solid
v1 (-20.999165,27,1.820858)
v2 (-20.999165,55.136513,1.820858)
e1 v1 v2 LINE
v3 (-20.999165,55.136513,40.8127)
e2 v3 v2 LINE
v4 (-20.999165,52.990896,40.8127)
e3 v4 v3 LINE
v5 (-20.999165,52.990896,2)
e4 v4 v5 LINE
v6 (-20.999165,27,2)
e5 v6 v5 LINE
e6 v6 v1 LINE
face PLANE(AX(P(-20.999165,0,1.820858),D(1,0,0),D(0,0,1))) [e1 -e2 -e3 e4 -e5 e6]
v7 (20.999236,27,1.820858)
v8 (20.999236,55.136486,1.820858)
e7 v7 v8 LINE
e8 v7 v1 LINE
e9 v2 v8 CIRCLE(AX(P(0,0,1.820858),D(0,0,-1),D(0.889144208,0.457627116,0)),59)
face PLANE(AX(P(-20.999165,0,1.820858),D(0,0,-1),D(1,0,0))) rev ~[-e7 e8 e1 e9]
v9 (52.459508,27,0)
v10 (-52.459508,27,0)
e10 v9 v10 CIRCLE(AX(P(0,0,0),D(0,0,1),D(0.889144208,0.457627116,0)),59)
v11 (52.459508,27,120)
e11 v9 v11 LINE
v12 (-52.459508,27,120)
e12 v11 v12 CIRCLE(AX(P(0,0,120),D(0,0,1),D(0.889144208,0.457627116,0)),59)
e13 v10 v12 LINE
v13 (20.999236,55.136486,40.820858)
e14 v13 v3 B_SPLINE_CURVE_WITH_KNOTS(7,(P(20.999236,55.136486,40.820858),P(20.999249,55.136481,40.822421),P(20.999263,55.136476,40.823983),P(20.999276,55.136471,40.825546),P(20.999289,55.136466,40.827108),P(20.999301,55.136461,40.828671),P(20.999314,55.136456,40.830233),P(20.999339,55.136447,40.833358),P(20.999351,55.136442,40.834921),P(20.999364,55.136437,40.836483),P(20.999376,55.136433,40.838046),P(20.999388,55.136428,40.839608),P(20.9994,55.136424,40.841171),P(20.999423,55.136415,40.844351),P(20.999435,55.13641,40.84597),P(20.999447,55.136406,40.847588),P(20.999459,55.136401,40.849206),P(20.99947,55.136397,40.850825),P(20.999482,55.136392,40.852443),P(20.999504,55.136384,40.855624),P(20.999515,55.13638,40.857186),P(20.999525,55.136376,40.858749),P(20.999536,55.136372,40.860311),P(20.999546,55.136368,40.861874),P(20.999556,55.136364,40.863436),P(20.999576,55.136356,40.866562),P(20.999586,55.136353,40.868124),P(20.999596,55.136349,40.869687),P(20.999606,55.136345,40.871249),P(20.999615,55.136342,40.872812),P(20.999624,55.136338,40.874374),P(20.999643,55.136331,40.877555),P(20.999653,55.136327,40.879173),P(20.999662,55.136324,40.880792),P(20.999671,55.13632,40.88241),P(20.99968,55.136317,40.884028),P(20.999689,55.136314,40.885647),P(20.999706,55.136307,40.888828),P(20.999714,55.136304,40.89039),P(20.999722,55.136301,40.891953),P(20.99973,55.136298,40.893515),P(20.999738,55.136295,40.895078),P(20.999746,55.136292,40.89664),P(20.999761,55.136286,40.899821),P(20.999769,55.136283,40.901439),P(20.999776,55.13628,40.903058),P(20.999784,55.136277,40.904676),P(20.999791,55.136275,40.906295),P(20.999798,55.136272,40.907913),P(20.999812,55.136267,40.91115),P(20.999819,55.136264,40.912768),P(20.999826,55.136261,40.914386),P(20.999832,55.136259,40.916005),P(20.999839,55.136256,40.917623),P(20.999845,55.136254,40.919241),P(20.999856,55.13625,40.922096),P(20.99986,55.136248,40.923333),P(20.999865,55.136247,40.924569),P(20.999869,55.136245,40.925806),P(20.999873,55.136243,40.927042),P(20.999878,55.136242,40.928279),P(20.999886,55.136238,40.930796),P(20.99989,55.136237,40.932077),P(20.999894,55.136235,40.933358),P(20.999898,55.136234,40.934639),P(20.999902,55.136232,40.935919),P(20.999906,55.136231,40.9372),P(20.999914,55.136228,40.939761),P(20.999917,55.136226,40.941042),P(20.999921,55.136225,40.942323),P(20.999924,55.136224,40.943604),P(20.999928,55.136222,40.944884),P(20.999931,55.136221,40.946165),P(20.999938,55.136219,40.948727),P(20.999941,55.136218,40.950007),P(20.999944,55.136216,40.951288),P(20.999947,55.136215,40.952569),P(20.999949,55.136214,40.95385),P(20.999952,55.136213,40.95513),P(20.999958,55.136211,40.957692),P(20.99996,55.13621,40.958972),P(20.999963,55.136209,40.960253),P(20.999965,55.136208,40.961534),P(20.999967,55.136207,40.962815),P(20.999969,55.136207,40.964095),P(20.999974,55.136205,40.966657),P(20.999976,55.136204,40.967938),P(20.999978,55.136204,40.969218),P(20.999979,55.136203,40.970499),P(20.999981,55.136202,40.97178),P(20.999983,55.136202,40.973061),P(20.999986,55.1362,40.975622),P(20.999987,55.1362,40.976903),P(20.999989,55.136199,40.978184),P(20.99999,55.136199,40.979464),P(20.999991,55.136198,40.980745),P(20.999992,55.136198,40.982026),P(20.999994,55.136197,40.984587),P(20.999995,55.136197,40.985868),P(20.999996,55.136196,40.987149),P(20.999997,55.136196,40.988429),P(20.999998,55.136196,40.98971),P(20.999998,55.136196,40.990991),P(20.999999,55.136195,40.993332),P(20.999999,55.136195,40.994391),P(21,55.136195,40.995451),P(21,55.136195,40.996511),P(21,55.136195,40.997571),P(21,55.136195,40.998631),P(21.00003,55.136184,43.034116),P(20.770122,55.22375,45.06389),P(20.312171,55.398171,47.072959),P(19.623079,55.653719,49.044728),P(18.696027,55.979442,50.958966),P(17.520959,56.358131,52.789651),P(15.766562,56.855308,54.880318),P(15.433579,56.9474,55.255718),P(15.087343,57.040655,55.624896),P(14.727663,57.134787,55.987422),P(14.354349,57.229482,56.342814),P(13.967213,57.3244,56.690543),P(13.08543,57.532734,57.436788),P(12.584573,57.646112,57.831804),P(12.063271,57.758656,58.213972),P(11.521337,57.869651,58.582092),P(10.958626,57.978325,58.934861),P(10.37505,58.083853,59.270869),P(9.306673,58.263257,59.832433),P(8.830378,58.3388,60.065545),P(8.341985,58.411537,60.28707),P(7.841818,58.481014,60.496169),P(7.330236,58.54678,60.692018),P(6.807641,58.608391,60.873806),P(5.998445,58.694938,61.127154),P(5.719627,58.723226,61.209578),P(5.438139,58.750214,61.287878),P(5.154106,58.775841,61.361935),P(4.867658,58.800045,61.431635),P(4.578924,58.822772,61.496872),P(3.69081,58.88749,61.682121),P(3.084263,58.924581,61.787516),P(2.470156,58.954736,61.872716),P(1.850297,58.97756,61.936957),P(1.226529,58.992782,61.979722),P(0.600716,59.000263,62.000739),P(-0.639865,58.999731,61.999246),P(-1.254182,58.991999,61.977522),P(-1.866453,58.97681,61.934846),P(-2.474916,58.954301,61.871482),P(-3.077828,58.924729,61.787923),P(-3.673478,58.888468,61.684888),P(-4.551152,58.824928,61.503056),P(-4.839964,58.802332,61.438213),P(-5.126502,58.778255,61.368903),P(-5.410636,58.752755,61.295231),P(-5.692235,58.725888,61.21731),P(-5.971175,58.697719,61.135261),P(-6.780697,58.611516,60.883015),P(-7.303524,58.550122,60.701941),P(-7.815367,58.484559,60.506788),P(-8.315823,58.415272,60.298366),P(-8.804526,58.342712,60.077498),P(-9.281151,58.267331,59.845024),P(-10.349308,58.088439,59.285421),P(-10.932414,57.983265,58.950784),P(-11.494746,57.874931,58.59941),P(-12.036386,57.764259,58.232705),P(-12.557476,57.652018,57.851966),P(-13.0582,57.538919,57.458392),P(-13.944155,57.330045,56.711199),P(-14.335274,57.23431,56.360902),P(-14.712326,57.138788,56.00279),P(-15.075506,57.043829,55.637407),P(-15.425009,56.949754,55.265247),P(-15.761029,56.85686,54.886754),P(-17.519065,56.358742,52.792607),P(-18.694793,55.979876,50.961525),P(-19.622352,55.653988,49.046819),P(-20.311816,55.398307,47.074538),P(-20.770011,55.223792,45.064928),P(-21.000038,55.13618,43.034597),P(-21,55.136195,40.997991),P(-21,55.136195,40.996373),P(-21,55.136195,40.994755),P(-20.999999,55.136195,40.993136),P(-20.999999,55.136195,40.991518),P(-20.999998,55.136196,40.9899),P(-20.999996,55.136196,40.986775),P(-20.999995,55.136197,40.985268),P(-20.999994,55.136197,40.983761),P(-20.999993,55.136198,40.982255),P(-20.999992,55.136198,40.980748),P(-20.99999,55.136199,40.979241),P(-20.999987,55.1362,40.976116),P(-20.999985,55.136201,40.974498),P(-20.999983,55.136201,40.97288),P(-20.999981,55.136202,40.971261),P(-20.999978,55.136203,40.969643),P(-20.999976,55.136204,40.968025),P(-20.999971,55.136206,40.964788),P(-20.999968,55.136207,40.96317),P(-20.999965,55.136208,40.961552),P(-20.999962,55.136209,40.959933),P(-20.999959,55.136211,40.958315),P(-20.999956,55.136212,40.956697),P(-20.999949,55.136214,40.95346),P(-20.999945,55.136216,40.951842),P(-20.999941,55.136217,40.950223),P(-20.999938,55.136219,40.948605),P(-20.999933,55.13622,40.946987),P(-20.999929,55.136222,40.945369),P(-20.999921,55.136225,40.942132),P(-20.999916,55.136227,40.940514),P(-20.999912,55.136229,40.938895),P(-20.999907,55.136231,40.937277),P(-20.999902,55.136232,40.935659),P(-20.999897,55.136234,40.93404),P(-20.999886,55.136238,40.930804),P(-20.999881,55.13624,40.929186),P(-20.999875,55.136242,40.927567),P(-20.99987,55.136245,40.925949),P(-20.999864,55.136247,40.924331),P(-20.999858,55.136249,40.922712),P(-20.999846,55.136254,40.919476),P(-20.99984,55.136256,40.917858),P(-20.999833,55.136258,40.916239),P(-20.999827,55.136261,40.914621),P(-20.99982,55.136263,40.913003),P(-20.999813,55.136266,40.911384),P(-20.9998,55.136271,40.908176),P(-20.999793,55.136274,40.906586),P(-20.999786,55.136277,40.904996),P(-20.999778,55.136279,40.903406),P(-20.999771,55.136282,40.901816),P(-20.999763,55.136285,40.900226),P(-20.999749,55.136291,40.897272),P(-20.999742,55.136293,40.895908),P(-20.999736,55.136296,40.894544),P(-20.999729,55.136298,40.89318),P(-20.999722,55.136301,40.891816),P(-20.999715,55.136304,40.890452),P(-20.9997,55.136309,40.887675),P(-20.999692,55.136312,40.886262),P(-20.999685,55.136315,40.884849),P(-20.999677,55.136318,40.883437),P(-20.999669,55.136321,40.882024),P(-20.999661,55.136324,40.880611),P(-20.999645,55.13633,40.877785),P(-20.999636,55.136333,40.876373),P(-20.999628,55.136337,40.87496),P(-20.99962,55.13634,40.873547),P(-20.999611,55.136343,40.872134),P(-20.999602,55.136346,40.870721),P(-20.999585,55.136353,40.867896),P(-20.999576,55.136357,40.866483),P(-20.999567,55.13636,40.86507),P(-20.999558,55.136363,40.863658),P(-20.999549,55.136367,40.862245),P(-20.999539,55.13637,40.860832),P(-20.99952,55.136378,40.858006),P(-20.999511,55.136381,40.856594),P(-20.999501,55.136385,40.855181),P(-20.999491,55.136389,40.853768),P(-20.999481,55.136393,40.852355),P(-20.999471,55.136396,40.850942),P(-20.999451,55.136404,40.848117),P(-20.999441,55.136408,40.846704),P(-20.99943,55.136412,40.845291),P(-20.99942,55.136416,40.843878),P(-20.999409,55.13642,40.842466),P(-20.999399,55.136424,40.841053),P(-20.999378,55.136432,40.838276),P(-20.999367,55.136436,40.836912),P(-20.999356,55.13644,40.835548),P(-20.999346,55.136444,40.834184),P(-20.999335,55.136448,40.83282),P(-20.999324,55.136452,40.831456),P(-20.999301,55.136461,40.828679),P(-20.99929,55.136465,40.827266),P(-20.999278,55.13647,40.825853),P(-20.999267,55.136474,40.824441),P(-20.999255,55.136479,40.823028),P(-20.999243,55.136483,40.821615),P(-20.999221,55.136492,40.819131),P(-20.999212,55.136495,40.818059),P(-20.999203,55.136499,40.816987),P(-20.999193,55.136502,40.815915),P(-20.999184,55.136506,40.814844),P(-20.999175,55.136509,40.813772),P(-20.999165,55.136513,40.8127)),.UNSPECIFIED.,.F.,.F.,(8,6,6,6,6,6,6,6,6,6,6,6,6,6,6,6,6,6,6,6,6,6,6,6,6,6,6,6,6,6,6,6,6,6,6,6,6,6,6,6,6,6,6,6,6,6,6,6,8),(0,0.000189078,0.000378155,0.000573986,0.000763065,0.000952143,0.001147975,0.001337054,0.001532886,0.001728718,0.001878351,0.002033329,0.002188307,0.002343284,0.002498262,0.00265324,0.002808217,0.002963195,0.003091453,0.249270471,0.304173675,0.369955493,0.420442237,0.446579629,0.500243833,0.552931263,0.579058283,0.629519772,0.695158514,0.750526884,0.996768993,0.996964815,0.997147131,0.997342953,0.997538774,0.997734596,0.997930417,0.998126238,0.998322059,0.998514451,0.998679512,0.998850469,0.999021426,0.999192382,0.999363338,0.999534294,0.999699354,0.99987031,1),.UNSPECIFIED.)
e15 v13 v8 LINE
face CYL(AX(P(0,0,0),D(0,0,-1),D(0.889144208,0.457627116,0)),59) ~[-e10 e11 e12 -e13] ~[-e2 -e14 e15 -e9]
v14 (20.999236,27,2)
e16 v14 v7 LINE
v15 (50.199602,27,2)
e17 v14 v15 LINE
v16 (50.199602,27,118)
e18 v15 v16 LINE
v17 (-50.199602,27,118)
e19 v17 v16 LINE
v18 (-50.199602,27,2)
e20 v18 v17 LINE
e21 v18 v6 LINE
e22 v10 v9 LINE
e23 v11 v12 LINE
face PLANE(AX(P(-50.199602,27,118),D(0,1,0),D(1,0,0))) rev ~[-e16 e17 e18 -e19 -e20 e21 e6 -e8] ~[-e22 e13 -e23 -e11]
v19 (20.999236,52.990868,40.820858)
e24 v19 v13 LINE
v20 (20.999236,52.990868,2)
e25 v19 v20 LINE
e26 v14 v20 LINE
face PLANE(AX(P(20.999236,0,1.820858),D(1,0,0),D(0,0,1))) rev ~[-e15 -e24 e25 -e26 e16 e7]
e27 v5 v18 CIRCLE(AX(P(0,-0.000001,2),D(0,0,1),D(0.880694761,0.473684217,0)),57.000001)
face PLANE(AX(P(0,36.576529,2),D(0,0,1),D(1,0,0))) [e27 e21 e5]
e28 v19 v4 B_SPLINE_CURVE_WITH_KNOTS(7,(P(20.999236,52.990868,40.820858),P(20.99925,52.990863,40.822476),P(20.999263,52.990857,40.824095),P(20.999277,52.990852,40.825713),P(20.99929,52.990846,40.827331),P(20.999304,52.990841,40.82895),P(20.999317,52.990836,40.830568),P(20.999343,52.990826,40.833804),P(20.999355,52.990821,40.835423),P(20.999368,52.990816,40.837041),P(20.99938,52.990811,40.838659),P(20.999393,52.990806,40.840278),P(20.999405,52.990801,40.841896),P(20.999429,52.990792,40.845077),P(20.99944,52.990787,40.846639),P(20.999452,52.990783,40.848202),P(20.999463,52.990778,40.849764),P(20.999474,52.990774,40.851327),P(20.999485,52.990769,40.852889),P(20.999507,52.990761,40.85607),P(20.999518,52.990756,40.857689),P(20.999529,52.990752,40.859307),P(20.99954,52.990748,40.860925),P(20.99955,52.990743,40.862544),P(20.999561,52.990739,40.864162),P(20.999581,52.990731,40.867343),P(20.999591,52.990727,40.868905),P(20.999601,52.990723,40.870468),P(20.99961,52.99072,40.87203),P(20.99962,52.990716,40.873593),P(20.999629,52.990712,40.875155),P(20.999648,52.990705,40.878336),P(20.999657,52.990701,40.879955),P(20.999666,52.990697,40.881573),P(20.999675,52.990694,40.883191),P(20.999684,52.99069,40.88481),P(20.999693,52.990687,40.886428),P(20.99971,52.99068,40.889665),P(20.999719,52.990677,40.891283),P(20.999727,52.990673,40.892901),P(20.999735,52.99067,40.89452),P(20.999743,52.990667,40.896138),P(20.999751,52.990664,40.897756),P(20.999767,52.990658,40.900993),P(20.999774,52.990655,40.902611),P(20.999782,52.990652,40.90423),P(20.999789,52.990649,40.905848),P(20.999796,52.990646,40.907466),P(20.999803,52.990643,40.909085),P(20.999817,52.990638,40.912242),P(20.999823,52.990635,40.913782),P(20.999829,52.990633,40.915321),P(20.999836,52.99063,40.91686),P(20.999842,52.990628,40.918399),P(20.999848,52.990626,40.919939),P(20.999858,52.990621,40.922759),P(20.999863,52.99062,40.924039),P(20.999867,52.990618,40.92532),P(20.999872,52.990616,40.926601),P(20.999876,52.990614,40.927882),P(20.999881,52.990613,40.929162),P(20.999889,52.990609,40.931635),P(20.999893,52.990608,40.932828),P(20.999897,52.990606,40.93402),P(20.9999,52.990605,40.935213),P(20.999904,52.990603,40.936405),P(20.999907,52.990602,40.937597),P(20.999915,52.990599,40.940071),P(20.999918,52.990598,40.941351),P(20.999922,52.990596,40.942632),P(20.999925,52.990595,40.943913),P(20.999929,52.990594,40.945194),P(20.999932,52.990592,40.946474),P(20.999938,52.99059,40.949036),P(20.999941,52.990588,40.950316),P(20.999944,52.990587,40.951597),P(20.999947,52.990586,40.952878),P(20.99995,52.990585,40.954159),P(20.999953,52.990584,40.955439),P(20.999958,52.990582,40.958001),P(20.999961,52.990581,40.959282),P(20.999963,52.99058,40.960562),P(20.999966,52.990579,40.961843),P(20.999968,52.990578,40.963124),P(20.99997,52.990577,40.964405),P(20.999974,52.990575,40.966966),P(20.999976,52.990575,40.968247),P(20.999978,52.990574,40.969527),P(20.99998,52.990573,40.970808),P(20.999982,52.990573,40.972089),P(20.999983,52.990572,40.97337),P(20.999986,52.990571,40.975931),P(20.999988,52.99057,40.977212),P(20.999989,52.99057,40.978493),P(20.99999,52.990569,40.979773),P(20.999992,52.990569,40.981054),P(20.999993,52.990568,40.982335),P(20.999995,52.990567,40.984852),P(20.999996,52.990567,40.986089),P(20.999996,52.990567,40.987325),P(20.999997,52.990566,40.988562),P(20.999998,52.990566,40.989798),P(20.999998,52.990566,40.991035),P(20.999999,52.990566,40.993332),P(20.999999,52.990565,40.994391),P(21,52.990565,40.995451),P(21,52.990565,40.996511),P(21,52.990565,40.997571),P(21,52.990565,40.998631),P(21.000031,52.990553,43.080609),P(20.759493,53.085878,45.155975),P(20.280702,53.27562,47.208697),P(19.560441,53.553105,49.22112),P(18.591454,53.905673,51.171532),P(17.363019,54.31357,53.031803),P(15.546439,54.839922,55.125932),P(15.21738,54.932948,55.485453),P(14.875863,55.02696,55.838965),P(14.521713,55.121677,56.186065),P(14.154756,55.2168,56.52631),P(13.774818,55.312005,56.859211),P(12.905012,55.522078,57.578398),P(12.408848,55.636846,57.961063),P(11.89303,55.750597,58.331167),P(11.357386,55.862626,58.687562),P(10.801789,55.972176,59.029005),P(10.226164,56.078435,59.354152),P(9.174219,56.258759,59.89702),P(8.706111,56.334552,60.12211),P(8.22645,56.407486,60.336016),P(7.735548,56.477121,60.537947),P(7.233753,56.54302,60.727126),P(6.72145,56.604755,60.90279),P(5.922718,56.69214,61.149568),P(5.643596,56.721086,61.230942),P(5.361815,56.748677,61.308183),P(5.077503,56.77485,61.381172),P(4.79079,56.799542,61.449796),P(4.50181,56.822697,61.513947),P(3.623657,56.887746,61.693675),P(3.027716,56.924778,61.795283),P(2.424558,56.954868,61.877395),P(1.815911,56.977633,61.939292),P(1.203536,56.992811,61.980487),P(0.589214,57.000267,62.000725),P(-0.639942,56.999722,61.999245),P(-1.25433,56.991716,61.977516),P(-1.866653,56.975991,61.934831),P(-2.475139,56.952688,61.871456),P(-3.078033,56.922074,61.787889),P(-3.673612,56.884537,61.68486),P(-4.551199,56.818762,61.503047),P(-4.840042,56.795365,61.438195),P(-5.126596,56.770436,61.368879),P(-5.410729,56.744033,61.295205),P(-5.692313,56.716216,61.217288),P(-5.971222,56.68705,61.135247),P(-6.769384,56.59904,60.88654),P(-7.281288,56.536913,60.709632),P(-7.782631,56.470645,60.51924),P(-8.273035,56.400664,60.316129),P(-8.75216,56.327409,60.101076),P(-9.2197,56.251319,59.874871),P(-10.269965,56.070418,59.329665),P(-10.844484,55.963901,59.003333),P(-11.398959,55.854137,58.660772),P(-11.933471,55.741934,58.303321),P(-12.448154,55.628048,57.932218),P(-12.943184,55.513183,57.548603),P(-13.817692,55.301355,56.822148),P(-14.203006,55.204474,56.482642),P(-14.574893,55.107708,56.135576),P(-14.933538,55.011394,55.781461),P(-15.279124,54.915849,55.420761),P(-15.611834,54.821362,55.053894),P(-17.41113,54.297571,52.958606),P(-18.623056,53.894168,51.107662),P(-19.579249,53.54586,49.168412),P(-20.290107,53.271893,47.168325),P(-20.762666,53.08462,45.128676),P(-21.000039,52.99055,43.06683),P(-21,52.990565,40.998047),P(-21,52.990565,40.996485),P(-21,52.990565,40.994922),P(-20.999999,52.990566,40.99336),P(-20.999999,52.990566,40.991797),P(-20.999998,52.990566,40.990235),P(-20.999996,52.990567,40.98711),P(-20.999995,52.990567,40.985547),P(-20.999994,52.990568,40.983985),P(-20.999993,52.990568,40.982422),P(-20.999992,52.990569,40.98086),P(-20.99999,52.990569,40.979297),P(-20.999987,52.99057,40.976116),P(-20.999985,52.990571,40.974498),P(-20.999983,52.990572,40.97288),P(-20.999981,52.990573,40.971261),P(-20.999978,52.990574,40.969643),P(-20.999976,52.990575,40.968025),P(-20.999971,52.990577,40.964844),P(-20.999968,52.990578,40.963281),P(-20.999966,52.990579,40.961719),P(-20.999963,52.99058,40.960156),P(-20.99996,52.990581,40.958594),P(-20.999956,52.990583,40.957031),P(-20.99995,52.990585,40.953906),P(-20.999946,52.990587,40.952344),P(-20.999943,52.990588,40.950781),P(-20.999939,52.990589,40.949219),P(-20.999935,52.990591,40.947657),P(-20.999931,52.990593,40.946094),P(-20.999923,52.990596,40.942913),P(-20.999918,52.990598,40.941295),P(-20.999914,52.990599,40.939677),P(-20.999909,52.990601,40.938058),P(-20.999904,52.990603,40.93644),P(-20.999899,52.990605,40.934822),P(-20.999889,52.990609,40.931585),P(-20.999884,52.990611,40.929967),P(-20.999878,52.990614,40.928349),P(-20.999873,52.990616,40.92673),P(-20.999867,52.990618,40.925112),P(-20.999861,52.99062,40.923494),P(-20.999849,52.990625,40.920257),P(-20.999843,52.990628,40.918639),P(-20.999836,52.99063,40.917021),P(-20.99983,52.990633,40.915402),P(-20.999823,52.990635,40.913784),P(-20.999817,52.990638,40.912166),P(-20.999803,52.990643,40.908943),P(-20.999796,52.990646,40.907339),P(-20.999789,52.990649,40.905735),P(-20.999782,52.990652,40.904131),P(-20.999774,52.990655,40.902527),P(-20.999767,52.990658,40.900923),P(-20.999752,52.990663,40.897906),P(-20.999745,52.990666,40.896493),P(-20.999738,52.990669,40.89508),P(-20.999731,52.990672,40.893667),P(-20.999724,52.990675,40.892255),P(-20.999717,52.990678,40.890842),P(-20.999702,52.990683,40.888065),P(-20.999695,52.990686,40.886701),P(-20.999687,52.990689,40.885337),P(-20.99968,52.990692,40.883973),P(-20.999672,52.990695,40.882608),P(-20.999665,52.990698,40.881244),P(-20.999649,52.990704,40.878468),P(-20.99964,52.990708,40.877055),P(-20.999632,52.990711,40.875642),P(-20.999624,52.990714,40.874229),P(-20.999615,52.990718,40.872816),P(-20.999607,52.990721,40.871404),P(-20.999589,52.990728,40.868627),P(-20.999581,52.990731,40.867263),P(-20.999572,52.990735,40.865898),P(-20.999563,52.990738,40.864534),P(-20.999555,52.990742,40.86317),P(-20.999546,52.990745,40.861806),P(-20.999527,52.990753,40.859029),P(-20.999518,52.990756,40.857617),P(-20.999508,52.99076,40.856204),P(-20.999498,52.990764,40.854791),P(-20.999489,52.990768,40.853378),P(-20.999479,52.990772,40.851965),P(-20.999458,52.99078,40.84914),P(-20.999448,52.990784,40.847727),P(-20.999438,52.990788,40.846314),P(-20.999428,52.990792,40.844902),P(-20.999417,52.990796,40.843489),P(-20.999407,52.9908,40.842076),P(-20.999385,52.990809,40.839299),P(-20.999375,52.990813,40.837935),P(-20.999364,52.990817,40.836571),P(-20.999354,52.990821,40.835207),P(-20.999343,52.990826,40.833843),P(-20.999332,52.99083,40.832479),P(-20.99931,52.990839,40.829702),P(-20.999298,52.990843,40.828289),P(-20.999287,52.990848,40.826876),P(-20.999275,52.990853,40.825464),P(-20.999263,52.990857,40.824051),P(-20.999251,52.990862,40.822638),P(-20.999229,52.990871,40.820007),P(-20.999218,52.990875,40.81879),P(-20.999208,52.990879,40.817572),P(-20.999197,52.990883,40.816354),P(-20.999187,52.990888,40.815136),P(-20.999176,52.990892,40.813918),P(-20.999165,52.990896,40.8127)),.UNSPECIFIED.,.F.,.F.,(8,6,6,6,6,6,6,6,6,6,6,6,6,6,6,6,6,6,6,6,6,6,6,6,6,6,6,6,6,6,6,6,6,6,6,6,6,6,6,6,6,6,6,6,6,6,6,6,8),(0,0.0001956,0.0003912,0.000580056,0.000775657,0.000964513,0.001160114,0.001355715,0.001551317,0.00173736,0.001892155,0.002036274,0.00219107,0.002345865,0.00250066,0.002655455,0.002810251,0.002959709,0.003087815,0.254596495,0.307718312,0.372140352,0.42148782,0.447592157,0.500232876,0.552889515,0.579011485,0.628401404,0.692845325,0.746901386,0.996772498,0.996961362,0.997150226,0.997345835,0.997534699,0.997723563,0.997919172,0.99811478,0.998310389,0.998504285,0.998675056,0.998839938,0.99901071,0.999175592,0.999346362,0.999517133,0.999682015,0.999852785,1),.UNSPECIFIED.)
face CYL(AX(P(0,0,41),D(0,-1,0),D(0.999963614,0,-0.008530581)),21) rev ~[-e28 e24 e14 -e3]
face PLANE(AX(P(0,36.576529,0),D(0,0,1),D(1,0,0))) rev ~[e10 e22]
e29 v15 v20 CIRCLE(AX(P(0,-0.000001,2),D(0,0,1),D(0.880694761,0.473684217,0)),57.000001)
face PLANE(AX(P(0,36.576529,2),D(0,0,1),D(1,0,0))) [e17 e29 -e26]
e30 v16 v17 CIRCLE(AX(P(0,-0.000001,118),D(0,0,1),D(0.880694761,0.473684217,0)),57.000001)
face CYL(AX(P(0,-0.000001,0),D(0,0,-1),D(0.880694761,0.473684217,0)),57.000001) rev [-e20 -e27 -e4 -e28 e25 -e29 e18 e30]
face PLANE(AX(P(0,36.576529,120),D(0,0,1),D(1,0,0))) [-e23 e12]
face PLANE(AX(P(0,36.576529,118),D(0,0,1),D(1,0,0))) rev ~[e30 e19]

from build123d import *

# Parameters (mm, degrees)
PAD_DEPTH    = 120
PAD001_DEPTH = 2
PAD002_DEPTH = 2
POCKET_DEPTH = 59.001


with BuildPart() as part:
    # Sketch → Pad (new body)
    with BuildSketch(Plane.XY):
        with BuildLine():
            ThreePointArc((52.459508, 27), (0, 59), (-52.459508, 27))
            Line((-52.459508, 27), (-50.199602, 27))
            ThreePointArc((50.199602, 27), (0, 57), (-50.199602, 27))
            Line((50.199602, 27), (52.459508, 27))
        make_face()
    extrude(amount=PAD_DEPTH)

    # Sketch001 → Pad001 (join)
    with BuildSketch(Plane.XY):
        with BuildLine():
            ThreePointArc((50.199602, 27), (0, 57), (-50.199602, 27))
            Line((-50.199602, 27), (50.199602, 27))
        make_face()
    extrude(amount=PAD001_DEPTH)

    # Sketch002 → Pad002 (join)
    with BuildSketch(Plane.XY.offset(118)):
        with BuildLine():
            ThreePointArc((50.199602, 27), (0, 57), (-50.199602, 27))
            Line((-50.199602, 27), (50.199602, 27))
        make_face()
    extrude(amount=PAD002_DEPTH)

    # Sketch003 → Pocket (cut, through all)
    with BuildSketch(Plane.XZ):
        with BuildLine():
            Line((-20.999165, 1.820858), (20.999236, 1.820858))
            Line((20.999236, 1.820858), (20.999236, 40.820858))
            ThreePointArc((20.999236, 40.820858), (-0.004079, 62), (-20.999165, 40.8127))
            Line((-20.999165, 1.820858), (-20.999165, 40.8127))
        make_face()
    extrude(amount=-POCKET_DEPTH, mode=Mode.SUBTRACT)


solid = part.part
